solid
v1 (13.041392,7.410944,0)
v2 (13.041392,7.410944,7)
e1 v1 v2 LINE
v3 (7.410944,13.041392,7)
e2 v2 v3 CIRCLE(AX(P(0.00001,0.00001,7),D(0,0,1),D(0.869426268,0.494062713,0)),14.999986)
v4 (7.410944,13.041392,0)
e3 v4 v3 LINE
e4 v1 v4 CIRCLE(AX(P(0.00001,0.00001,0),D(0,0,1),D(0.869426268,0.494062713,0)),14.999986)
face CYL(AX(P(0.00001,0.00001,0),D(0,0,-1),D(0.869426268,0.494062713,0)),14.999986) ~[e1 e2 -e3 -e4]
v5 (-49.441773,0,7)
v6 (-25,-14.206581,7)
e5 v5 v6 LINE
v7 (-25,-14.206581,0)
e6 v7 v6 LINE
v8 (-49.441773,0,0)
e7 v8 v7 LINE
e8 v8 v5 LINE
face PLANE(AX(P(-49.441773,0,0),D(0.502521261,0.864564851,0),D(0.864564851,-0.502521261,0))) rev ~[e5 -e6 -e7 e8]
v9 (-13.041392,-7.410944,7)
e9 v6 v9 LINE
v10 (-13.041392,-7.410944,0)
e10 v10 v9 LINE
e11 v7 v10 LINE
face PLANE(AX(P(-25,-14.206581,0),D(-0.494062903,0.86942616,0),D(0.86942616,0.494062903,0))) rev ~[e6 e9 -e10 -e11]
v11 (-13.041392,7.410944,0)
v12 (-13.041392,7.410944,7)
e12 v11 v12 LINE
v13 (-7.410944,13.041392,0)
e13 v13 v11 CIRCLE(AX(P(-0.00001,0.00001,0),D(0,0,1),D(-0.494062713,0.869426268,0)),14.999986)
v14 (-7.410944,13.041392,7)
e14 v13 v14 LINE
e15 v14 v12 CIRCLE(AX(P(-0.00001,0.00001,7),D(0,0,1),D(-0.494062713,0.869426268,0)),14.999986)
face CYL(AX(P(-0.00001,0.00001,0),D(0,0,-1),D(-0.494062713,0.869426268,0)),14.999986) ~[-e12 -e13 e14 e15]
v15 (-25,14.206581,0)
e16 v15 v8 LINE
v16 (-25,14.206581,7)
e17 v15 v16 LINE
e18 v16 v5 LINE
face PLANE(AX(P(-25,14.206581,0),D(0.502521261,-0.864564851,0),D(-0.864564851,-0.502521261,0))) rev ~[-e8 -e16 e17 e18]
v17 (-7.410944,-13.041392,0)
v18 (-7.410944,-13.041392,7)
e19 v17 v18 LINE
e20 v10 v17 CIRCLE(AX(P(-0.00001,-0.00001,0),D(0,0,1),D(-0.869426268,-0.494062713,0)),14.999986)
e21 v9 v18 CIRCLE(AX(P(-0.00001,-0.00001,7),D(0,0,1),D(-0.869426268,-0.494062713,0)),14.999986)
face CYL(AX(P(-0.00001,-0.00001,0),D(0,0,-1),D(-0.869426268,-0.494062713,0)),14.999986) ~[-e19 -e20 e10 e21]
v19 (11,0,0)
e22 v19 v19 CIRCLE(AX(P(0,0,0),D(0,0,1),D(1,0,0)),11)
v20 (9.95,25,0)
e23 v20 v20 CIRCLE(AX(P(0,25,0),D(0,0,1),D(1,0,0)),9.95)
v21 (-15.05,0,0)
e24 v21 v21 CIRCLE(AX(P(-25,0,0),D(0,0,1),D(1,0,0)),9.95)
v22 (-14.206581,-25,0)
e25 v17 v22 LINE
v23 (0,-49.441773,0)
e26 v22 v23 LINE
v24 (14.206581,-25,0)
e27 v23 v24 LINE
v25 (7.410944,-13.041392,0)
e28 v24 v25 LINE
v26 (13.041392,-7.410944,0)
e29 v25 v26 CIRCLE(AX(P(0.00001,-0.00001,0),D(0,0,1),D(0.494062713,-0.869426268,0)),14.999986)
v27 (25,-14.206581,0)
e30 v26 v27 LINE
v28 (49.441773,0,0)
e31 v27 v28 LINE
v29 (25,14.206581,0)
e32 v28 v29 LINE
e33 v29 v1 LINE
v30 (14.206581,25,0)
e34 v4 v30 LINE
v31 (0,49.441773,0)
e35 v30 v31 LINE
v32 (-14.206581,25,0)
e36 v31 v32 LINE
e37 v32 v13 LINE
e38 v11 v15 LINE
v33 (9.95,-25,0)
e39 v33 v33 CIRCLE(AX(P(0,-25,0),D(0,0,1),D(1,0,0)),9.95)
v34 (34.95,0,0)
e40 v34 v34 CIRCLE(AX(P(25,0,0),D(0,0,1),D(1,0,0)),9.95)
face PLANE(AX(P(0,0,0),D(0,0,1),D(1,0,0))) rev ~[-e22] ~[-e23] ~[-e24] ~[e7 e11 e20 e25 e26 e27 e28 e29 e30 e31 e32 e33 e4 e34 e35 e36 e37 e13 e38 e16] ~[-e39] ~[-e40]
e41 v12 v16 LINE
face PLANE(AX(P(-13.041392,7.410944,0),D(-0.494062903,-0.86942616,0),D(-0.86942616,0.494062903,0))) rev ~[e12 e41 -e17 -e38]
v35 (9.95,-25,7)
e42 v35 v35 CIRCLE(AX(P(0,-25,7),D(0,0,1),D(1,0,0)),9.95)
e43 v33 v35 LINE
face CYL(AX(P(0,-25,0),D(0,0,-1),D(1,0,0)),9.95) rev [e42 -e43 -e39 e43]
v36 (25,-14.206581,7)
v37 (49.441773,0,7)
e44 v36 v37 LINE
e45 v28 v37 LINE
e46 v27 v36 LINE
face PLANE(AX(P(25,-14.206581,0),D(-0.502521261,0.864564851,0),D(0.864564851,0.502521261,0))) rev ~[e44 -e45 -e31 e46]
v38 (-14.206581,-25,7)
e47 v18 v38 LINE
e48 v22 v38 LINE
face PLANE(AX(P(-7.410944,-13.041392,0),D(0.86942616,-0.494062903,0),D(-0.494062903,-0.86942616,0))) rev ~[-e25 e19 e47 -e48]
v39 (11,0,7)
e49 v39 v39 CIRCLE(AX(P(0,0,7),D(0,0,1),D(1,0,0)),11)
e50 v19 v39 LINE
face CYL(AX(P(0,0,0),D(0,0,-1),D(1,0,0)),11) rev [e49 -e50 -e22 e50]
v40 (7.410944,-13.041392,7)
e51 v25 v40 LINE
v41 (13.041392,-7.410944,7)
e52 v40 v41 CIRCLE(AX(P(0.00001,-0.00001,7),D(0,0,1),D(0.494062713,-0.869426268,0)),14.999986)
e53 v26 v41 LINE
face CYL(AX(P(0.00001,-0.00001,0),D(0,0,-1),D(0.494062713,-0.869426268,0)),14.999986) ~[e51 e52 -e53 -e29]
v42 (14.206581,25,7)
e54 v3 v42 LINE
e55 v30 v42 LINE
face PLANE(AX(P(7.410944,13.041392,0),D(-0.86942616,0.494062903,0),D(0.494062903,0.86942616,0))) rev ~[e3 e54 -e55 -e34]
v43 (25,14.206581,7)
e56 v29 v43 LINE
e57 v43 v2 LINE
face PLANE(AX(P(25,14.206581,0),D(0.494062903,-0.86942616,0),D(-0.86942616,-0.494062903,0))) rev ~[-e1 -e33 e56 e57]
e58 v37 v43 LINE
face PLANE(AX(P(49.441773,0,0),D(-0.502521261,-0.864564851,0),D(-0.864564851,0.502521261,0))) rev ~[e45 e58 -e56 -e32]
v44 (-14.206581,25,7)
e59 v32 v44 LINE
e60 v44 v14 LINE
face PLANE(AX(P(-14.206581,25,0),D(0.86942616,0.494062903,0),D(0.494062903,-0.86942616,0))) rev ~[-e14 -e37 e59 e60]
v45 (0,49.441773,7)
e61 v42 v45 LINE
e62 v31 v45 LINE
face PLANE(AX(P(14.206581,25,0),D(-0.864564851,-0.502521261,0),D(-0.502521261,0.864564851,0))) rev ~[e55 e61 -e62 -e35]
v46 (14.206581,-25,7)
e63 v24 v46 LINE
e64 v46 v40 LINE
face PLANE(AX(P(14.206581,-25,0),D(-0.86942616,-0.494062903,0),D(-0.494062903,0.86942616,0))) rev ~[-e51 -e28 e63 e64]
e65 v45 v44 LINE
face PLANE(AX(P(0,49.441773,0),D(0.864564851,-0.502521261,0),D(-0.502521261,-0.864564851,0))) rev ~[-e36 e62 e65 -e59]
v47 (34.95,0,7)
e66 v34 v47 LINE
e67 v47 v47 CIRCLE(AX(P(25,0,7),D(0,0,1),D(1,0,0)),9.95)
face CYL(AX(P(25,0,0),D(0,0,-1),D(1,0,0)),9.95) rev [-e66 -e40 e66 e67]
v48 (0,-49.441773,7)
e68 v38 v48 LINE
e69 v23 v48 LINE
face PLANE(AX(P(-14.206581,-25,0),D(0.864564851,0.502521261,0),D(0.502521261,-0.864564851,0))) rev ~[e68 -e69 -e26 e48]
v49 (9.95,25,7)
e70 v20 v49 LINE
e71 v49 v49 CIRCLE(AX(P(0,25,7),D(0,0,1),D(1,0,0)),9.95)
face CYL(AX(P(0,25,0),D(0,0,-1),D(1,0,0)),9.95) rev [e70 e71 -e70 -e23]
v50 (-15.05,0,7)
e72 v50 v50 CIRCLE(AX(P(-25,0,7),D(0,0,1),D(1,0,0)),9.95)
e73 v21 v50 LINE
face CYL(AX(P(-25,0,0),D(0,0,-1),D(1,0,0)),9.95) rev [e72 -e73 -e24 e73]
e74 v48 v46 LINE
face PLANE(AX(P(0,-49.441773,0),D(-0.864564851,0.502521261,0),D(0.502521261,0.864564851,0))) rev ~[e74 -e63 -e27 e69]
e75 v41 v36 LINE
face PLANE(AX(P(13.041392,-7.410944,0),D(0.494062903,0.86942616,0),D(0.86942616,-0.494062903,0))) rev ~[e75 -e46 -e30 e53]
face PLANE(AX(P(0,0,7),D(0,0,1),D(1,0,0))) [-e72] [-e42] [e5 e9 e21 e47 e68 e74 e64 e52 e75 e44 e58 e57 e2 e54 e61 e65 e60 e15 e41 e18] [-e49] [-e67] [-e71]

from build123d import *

# Parameters (mm, degrees)
F0_R     = 9.95
F0_R_2   = 11
F1_DEPTH = 7


with BuildPart() as f1:
    # F0 (on Top) → F1 (new body)
    with BuildSketch(Plane.XY):
        with BuildLine():
            Line((-14.206581, 25), (-7.410944, 13.041392))
            ThreePointArc((-7.410944, 13.041392), (-10.606602, 10.606602), (-13.041392, 7.410944))
            Line((-13.041392, 7.410944), (-25, 14.206581))
            Line((-25, 14.206581), (-49.441773, 0))
            Line((-49.441773, 0), (-25, -14.206581))
            Line((-25, -14.206581), (-13.041392, -7.410944))
            ThreePointArc((-13.041392, -7.410944), (-10.606602, -10.606602), (-7.410944, -13.041392))
            Line((-7.410944, -13.041392), (-14.206581, -25))
            Line((-14.206581, -25), (0, -49.441773))
            Line((0, -49.441773), (14.206581, -25))
            Line((14.206581, -25), (7.410944, -13.041392))
            ThreePointArc((7.410944, -13.041392), (10.606602, -10.606602), (13.041392, -7.410944))
            Line((13.041392, -7.410944), (25, -14.206581))
            Line((25, -14.206581), (49.441773, 0))
            Line((49.441773, 0), (25, 14.206581))
            Line((25, 14.206581), (13.041392, 7.410944))
            ThreePointArc((13.041392, 7.410944), (10.606602, 10.606602), (7.410944, 13.041392))
            Line((7.410944, 13.041392), (14.206581, 25))
            Line((14.206581, 25), (0, 49.441773))
            Line((0, 49.441773), (-14.206581, 25))
        make_face()
        with Locations((0, -25)):
            Circle(F0_R, mode=Mode.SUBTRACT)
        with Locations((-25, 0)):
            Circle(F0_R, mode=Mode.SUBTRACT)
        Circle(F0_R_2, mode=Mode.SUBTRACT)
        with Locations((25, 0)):
            Circle(F0_R, mode=Mode.SUBTRACT)
        with Locations((0, 25)):
            Circle(F0_R, mode=Mode.SUBTRACT)
    extrude(amount=F1_DEPTH)


solid = f1.part
